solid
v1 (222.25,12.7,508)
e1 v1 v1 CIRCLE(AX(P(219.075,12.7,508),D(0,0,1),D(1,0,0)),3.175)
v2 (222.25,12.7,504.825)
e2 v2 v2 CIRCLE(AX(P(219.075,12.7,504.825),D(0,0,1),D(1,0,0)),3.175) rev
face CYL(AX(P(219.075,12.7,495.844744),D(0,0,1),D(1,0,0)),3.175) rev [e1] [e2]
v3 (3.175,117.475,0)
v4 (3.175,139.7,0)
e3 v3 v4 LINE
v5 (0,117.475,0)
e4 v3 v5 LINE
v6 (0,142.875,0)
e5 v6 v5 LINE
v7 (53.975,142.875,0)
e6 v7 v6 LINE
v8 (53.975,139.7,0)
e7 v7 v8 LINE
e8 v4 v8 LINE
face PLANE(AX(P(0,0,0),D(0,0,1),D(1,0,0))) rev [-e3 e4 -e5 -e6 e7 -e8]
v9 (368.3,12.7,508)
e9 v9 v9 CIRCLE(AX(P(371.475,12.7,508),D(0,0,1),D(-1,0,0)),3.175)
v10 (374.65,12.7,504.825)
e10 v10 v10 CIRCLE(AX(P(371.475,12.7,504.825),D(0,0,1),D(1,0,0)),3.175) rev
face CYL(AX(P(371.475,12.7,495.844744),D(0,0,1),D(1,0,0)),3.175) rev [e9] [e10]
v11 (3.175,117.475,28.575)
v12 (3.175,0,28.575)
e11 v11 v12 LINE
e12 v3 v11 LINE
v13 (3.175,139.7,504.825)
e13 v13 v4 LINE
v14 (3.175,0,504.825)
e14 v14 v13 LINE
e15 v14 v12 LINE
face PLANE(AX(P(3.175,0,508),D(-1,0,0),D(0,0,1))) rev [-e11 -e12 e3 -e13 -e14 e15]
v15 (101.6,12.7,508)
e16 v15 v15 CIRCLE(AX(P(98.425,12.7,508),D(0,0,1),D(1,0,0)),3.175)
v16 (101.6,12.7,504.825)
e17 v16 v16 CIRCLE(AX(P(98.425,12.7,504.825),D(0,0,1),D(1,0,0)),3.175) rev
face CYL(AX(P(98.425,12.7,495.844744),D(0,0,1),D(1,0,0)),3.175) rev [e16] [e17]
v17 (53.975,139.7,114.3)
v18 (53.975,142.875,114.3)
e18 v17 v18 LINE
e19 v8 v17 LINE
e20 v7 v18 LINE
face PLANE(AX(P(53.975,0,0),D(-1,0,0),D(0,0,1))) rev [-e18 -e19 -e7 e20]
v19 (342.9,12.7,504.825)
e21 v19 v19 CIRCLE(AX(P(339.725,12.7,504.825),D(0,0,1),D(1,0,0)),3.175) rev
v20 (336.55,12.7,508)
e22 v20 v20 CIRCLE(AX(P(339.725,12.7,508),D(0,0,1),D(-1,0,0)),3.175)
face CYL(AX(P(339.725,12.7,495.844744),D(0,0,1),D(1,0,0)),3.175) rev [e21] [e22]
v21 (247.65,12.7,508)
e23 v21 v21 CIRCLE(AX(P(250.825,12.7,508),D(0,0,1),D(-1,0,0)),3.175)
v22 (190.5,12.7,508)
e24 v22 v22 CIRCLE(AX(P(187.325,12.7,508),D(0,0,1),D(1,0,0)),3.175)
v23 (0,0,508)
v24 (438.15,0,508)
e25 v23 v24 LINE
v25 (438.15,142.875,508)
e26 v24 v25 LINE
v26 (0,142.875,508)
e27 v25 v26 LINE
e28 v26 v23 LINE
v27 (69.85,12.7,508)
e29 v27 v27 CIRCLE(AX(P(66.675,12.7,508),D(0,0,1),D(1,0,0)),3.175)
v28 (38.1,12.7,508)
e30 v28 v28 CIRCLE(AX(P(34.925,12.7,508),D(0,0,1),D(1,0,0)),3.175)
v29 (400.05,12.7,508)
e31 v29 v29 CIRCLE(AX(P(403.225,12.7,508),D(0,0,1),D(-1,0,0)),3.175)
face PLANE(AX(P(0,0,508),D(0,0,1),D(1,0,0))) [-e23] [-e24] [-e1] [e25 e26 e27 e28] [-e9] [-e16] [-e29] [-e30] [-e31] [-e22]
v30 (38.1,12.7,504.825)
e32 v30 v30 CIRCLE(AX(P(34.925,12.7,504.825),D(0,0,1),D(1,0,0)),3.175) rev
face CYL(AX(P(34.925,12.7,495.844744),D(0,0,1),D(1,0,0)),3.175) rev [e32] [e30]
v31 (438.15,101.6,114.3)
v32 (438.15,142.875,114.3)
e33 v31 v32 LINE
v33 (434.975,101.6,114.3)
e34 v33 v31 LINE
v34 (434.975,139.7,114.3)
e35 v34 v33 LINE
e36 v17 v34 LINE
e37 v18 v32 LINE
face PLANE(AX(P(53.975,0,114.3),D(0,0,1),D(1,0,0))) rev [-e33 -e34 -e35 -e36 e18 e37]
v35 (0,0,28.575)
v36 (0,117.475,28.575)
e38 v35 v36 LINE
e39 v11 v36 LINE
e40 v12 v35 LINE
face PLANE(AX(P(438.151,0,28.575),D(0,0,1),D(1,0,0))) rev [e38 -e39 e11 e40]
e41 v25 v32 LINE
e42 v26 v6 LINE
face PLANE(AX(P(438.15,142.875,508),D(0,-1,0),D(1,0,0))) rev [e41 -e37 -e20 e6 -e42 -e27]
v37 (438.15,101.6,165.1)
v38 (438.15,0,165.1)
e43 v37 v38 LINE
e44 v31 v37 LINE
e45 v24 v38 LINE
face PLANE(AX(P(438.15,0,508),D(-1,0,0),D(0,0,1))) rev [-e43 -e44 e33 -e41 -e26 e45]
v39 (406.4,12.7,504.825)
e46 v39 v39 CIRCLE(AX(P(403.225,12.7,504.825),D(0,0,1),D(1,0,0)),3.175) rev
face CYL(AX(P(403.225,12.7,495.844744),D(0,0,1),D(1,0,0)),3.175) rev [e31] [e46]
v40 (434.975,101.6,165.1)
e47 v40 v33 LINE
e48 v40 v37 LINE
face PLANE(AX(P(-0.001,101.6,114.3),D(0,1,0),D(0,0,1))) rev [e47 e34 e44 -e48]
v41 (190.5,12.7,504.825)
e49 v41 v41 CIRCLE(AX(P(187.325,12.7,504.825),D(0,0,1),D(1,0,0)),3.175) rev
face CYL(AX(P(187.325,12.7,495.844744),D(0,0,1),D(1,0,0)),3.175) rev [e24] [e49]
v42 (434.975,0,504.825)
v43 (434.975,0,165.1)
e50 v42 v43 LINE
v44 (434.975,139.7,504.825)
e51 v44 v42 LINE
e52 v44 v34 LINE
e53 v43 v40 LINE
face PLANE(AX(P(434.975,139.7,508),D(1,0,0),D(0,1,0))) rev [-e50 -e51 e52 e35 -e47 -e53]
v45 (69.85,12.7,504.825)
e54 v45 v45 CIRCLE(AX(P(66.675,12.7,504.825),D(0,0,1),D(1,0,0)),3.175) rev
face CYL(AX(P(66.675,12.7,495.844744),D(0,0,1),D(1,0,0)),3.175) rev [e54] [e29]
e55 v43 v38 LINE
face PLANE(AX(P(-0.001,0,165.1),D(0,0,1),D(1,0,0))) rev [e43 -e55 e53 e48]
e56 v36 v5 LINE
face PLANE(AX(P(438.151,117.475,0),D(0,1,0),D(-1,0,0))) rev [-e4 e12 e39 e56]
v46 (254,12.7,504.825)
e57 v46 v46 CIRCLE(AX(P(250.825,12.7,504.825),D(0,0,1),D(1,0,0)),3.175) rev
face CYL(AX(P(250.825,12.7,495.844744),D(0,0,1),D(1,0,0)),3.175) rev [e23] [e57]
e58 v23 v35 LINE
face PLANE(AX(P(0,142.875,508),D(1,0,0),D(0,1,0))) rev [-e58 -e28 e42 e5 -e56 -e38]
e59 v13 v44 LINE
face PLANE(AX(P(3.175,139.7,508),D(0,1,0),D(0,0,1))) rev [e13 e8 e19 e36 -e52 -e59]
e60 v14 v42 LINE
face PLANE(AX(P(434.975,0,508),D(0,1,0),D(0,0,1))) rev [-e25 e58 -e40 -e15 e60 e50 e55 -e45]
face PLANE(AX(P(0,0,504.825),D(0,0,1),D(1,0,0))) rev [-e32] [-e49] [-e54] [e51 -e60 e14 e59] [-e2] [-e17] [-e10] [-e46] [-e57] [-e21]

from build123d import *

# Parameters (mm, degrees)
BOSS_EXTRUDE1_DEPTH = 508
SKETCH2_W           = 438.15
SKETCH2_H           = 142.875
BOSS_EXTRUDE2_DEPTH = 3.175
SKETCH4_W           = 384.175
SKETCH4_H           = 114.3
CUT_EXTRUDE1_DEPTH  = 686.895537327
CUT_EXTRUDE2_REACH  = 687.896
SKETCH5_W           = 50.8
SKETCH5_H           = 101.6
CUT_EXTRUDE3_REACH  = 687.896
SKETCH6_W           = 28.575
SKETCH6_H           = 117.475
SKETCH7_R           = 3.175
CUT_EXTRUDE4_DEPTH  = 3.175


with BuildPart() as part:
    # Sketch1 → Boss-Extrude1 (new body)
    with BuildSketch(Plane.XY):
        Polygon((0, 0), (3.175, 0), (3.175, 139.7), (434.975, 139.7), (434.975, 0), (438.15, 0), (438.15, 142.875), (0, 142.875), align=None)
    extrude(amount=BOSS_EXTRUDE1_DEPTH)

    # Sketch2 → Boss-Extrude2 (add)
    with BuildSketch(Plane.XY.offset(508)):
        with Locations((219.075, 71.4375)):
            Rectangle(SKETCH2_W, SKETCH2_H)
    extrude(amount=-BOSS_EXTRUDE2_DEPTH)

    # Sketch4 → Cut-Extrude1 (cut, through all)
    with BuildSketch(Plane(origin=(0, 142.875, 0), x_dir=(1, 0, 0), z_dir=(0, 1, 0))):
        with Locations((246.0625, -57.15)):
            Rectangle(SKETCH4_W, SKETCH4_H)
    extrude(amount=-CUT_EXTRUDE1_DEPTH, mode=Mode.SUBTRACT)

    # Sketch5 → Cut-Extrude2 (cut, up to next)
    with BuildSketch(Plane(origin=(438.15, 0, 0), x_dir=(0, 0, -1), z_dir=(1, 0, 0)), mode=Mode.PRIVATE) as cut_extrude2_sk1:
        with Locations((-139.7, 50.8)):
            Rectangle(SKETCH5_W, SKETCH5_H)
    cut_extrude2_tool1 = extrude(cut_extrude2_sk1.sketch, amount=-CUT_EXTRUDE2_REACH, mode=Mode.PRIVATE) & part.part
    add(cut_extrude2_tool1.solids().sort_by_distance((438.15, 50.8, 139.7))[0], mode=Mode.SUBTRACT)

    # Sketch6 → Cut-Extrude3 (cut, up to next)
    with BuildSketch(Plane.ZY, mode=Mode.PRIVATE) as cut_extrude3_sk1:
        with Locations((14.2875, 58.7375)):
            Rectangle(SKETCH6_W, SKETCH6_H)
    cut_extrude3_tool1 = extrude(cut_extrude3_sk1.sketch, amount=-CUT_EXTRUDE3_REACH, mode=Mode.PRIVATE) & part.part
    add(cut_extrude3_tool1.solids().sort_by_distance((0, 58.7375, 14.2875))[0], mode=Mode.SUBTRACT)

    # Sketch7 → Cut-Extrude4 (cut)
    with BuildSketch(Plane.XY.offset(508)):
        with Locations((219.075, 12.7)):
            Circle(SKETCH7_R)
        with Locations((187.325, 12.7)):
            Circle(SKETCH7_R)
        with Locations((34.925, 12.7)):
            Circle(SKETCH7_R)
        with Locations((66.675, 12.7)):
            Circle(SKETCH7_R)
        with Locations((98.425, 12.7)):
            Circle(SKETCH7_R)
        with Locations((250.825, 12.7)):
            Circle(SKETCH7_R)
        with Locations((339.725, 12.7)):
            Circle(SKETCH7_R)
        with Locations((371.475, 12.7)):
            Circle(SKETCH7_R)
        with Locations((403.225, 12.7)):
            Circle(SKETCH7_R)
    extrude(amount=-CUT_EXTRUDE4_DEPTH, mode=Mode.SUBTRACT)


solid = part.part
